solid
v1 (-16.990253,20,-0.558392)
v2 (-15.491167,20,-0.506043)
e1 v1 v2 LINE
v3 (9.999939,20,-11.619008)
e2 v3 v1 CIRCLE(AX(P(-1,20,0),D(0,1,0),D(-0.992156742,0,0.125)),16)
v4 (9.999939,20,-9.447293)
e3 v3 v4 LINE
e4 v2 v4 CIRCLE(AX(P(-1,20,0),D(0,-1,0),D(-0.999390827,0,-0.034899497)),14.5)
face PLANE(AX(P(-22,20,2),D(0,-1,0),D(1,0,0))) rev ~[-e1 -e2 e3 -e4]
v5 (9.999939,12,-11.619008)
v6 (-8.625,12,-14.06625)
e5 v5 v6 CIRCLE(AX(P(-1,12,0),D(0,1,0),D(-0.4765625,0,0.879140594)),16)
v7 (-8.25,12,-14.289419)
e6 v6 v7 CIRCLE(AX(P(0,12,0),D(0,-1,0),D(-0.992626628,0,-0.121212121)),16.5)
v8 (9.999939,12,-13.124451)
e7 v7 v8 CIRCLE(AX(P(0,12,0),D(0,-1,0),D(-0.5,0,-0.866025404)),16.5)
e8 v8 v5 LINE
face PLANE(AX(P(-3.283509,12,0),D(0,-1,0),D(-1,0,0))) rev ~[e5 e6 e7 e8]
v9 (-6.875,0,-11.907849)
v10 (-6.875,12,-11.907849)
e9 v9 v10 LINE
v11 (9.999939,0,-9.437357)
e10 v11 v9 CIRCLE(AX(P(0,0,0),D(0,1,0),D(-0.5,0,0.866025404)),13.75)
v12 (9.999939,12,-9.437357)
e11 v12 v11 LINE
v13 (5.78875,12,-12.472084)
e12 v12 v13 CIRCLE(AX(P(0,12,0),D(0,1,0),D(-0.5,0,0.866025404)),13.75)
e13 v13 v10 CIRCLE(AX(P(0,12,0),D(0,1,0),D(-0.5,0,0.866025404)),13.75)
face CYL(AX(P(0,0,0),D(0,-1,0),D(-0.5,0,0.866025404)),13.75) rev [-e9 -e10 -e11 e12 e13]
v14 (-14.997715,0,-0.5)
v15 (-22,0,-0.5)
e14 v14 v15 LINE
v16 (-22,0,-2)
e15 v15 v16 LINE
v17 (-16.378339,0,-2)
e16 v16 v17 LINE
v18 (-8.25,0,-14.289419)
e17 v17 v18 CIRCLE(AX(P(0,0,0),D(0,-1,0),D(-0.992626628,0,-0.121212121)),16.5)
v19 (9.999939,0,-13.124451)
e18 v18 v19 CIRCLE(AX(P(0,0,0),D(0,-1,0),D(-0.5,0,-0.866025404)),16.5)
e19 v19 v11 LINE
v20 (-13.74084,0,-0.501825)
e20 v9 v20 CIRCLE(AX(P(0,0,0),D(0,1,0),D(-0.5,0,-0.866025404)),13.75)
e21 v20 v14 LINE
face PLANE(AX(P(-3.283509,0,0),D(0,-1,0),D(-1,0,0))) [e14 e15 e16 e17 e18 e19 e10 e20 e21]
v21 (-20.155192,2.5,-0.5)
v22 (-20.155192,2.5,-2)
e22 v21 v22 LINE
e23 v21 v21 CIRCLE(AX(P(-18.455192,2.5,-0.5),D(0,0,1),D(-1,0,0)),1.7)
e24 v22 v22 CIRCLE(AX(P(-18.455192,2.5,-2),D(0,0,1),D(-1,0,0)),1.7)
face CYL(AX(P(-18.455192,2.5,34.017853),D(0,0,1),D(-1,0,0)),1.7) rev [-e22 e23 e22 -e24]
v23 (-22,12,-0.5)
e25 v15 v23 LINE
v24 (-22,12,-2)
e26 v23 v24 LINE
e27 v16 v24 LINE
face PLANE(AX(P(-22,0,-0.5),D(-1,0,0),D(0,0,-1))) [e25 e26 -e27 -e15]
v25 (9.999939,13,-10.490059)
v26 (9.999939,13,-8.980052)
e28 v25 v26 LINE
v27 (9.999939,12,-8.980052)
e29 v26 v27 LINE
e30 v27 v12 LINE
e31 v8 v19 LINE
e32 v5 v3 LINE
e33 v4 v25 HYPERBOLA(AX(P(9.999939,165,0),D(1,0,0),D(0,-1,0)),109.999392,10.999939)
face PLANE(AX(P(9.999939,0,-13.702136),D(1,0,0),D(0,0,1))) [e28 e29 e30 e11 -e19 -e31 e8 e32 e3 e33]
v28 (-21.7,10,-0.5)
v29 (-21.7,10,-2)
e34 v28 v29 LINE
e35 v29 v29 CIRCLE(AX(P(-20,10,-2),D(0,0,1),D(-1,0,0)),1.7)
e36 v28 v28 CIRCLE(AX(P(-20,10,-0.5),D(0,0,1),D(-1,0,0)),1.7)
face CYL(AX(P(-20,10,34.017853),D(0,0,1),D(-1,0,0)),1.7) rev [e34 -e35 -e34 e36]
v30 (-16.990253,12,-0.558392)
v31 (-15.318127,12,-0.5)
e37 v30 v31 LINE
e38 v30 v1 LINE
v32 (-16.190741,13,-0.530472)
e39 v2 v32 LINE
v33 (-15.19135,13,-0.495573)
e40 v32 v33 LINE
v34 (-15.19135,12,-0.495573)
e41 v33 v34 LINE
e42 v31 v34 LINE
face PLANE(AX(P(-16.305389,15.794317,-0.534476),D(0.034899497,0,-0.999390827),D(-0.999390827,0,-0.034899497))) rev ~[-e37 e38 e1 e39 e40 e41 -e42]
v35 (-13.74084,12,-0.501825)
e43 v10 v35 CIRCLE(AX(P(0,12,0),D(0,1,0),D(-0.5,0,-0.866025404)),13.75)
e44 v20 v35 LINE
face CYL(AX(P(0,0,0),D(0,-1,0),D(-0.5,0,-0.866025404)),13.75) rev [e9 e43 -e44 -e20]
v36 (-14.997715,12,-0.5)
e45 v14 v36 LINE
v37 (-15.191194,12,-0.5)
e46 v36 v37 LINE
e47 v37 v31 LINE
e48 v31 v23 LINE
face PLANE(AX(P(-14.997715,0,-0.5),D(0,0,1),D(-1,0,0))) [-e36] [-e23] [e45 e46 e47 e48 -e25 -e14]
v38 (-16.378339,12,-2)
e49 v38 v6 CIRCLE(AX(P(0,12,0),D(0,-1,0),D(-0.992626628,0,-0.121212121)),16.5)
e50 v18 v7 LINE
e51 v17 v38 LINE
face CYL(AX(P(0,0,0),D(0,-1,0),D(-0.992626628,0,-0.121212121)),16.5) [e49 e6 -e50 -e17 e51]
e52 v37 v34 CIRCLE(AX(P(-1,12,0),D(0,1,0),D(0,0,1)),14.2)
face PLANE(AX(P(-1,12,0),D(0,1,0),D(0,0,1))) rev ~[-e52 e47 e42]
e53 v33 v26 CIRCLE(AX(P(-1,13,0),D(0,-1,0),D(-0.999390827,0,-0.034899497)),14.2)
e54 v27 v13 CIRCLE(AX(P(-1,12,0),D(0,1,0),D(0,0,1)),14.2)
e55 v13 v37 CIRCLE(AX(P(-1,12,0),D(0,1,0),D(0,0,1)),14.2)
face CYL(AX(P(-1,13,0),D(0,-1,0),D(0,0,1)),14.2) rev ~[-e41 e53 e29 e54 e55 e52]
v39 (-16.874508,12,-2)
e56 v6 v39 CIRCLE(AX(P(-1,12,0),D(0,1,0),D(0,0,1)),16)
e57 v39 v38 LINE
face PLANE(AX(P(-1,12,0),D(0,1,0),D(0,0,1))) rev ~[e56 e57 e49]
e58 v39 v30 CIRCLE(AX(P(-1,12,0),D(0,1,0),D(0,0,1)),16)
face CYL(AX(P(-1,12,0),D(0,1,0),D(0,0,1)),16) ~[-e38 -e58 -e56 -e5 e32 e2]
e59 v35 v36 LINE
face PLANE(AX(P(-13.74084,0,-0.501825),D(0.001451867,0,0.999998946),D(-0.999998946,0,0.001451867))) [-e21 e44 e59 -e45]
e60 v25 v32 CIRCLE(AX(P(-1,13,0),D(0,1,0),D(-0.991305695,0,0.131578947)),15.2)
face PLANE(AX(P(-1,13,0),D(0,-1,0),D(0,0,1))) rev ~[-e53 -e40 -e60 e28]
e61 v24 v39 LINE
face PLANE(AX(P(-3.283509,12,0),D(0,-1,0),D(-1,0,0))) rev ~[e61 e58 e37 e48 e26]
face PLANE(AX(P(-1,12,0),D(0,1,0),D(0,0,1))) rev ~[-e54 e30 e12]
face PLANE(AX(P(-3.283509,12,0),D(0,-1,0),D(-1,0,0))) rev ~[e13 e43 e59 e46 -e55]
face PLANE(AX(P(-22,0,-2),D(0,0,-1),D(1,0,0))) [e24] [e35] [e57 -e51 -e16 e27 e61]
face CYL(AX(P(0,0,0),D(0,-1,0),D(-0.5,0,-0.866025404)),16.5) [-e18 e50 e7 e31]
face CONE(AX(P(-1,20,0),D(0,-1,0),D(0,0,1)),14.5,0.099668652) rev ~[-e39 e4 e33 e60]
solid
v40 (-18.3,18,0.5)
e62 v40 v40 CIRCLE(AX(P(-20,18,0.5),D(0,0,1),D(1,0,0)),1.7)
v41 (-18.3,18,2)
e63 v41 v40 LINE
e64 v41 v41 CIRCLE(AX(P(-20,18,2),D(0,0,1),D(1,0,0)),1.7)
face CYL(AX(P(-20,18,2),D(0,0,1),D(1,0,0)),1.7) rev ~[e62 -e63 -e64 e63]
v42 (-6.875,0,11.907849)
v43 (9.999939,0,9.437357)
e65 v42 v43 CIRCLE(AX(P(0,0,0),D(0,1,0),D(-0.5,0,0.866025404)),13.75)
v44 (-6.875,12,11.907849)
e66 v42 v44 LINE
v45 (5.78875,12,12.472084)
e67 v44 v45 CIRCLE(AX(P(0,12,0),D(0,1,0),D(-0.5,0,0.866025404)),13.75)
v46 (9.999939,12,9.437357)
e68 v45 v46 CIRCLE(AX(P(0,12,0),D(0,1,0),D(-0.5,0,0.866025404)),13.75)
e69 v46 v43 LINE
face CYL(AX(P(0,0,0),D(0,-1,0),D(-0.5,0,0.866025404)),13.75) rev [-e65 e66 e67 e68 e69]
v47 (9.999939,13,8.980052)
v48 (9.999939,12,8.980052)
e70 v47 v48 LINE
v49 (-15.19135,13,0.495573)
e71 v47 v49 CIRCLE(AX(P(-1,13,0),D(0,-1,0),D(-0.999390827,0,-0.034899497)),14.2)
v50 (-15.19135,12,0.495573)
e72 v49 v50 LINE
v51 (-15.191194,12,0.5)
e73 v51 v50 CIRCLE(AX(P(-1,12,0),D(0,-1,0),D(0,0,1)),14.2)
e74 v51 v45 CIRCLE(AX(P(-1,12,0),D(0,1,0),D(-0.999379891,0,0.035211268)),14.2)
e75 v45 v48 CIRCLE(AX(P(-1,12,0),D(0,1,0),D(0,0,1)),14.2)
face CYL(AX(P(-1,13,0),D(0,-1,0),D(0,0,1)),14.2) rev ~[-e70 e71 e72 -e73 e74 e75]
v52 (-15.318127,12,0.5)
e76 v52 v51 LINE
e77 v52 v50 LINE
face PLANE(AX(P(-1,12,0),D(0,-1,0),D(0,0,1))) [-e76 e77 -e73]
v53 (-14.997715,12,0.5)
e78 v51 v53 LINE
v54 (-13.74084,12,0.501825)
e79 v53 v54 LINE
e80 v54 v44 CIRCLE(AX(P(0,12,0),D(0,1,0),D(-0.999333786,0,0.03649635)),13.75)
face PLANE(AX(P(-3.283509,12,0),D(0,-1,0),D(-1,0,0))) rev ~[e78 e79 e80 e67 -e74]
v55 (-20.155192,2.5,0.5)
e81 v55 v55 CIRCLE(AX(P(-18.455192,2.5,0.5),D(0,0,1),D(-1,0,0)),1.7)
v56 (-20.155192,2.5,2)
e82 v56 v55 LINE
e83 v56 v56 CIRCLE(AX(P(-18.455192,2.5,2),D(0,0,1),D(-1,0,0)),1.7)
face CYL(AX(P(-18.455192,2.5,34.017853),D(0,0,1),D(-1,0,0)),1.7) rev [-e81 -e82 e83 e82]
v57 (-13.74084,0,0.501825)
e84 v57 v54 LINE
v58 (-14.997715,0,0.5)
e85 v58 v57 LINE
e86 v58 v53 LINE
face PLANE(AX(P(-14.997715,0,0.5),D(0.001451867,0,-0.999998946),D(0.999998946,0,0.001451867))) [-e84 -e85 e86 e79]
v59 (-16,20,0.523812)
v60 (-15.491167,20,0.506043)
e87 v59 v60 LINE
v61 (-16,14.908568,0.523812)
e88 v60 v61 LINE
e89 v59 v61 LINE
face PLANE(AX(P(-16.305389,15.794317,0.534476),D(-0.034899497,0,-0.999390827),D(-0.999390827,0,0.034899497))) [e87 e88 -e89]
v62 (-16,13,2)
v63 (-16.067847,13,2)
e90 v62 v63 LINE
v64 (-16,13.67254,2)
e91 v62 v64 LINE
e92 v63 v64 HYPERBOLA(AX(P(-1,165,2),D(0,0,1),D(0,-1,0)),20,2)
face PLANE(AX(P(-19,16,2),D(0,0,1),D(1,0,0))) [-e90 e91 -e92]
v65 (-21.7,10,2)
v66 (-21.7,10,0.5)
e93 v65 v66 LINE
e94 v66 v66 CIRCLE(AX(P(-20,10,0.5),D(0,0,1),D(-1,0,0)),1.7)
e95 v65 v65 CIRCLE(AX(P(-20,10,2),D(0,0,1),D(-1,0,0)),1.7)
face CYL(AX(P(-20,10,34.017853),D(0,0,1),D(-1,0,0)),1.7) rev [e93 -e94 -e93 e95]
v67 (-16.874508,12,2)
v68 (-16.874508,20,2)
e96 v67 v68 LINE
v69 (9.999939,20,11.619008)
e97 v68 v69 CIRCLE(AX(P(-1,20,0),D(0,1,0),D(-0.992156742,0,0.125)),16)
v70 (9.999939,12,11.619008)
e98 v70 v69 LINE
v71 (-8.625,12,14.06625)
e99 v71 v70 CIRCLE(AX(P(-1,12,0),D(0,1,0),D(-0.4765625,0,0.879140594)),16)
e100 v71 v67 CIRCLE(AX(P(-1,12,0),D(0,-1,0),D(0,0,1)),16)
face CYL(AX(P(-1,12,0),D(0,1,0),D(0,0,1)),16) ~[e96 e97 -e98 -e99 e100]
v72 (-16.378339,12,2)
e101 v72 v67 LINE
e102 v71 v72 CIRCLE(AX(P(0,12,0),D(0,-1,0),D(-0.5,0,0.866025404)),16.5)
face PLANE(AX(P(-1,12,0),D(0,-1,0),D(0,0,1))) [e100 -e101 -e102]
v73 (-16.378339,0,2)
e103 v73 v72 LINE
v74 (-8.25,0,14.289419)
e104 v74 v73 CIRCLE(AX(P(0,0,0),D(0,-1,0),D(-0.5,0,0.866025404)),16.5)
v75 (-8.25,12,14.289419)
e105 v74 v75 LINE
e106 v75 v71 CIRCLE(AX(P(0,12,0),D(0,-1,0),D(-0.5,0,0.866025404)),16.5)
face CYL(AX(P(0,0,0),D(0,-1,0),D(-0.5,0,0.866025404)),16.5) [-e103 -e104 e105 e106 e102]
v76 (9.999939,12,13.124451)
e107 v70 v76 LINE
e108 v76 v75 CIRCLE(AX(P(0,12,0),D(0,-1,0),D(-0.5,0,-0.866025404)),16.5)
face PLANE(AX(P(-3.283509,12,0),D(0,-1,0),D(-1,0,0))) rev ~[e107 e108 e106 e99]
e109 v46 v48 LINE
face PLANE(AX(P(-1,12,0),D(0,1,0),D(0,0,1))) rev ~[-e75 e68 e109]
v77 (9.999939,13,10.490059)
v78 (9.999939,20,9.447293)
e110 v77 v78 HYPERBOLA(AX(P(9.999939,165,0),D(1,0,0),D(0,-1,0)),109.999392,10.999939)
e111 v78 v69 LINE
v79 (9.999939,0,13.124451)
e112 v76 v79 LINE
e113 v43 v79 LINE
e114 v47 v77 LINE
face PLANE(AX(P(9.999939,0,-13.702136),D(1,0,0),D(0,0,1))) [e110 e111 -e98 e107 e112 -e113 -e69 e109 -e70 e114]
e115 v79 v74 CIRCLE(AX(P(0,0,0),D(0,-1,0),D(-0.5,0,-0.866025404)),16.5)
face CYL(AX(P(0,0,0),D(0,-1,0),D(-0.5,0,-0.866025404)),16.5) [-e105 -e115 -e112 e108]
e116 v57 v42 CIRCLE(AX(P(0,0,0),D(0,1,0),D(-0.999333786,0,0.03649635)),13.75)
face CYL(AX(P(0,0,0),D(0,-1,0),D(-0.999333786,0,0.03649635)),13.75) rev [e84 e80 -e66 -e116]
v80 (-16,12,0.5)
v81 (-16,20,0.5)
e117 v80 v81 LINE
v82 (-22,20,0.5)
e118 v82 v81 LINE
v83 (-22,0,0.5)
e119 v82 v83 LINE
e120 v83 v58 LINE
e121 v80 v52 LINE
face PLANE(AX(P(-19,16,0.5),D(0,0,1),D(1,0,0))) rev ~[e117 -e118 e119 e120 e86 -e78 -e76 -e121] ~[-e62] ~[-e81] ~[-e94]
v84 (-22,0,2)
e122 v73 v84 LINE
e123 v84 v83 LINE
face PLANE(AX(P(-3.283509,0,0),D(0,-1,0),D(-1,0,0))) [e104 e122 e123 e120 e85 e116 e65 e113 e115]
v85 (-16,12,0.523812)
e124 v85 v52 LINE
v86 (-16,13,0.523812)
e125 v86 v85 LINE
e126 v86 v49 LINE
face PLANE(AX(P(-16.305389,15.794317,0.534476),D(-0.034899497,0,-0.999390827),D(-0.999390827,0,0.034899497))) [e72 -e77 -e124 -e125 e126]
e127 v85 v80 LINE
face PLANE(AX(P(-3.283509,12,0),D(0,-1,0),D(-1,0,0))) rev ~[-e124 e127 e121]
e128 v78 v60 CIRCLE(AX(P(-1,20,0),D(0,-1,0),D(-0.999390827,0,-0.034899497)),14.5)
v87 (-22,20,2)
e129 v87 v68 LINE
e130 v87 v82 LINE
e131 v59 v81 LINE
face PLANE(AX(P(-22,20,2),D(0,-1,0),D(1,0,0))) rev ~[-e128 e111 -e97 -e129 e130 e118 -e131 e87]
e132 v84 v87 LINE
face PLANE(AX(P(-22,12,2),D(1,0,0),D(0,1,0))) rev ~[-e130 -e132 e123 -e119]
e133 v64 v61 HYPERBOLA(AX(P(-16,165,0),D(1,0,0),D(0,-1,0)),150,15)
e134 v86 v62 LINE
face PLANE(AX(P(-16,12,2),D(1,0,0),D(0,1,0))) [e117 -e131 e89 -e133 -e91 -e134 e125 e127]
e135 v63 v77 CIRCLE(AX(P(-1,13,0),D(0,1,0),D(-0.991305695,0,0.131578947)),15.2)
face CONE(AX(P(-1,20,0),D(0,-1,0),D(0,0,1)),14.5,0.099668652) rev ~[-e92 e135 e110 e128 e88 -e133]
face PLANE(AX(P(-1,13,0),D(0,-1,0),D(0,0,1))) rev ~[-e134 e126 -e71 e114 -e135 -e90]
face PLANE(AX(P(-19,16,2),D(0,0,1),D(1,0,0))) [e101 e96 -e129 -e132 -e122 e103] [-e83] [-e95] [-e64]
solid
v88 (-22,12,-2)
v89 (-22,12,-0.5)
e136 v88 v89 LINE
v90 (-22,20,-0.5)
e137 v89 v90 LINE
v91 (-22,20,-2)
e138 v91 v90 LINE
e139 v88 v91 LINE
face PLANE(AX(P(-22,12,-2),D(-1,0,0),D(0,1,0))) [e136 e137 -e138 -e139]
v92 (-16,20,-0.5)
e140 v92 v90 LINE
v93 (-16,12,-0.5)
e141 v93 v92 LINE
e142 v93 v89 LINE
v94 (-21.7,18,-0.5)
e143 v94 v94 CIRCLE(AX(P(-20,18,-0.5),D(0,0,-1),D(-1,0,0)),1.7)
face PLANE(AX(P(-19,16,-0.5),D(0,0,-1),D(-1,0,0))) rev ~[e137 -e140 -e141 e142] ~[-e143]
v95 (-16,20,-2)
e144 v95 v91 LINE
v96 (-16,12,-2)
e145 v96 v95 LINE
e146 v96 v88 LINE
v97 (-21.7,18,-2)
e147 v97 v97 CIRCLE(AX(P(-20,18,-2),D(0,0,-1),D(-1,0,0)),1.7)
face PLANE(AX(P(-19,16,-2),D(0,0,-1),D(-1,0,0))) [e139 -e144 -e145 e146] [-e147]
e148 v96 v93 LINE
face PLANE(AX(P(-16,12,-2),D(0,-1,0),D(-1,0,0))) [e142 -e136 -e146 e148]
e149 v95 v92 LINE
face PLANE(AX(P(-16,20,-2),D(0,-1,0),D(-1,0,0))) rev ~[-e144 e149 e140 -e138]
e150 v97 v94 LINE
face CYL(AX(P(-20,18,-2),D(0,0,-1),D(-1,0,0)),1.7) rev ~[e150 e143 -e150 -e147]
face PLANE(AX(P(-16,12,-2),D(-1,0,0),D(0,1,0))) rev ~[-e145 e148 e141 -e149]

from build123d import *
from build123d.topology import SkipClean

# Parameters (mm, degrees)
BOSS_EXTRUDE1_DEPTH      = 12
REVOLVE1_ANGLE           = 268
REVOLVE1_OTHER_WAY_ANGLE = 88
CUT_EXTRUDE1_DEPTH       = 36.01785259
CUT_EXTRUDE1_DEPTH_BACK  = 36.01785259
SKETCH4_R                = 1.7
SKETCH5_W                = 6
SKETCH5_H                = 8
SKETCH5_R                = 1.7
BOSS_EXTRUDE3_DEPTH      = 1.5
SKETCH6_W                = 6
SKETCH6_H                = 8
SKETCH6_R                = 1.7
BOSS_EXTRUDE6_DEPTH      = 1.5
SKETCH7_W                = 10.400805134
SKETCH7_H                = 29.241648581
CUT_EXTRUDE2_DEPTH       = 35.003676272


with BuildPart() as part:
    # Sketch1 → Boss-Extrude1 (new body)
    with BuildSketch(Plane(origin=(0, 0, 0), x_dir=(1, 0, 0), z_dir=(0, 1, 0))):
        with BuildLine():
            Line((-13.740839561, 0.501824818), (-14.997715427, 0.5))
            Line((-14.997715427, 0.5), (-22, 0.5))
            Line((-22, 0.5), (-22, 2))
            Line((-22, 2), (-16.378339354, 2))
            ThreePointArc((-16.378339354, 2), (-13.76213031, 9.10240459), (-8.25, 14.289419162))
            ThreePointArc((-8.25, 14.289419162), (16.5, 0), (-8.25, -14.289419162))
            ThreePointArc((-8.25, -14.289419162), (-13.76213031, -9.10240459), (-16.378339354, -2))
            Line((-16.378339354, -2), (-22, -2))
            Line((-22, -2), (-22, -0.5))
            Line((-22, -0.5), (-14.997715427, -0.5))
            Line((-14.997715427, -0.5), (-13.740839561, -0.501824818))
            ThreePointArc((-13.740839561, -0.501824818), (-11.780388739, -7.09118757), (-6.875, -11.907849302))
            ThreePointArc((-6.875, -11.907849302), (13.75, 0), (-6.875, 11.907849302))
            ThreePointArc((-6.875, 11.907849302), (-11.780388739, 7.09118757), (-13.740839561, 0.501824818))
        make_face()
    extrude(amount=BOSS_EXTRUDE1_DEPTH)

    # Sketch3 → Revolve1 (revolve)
    with BuildSketch(Plane(origin=(-1, 0, 0), x_dir=(0, 0, -1), z_dir=(1, 0, 0))):
        Polygon((-16, 12), (-16, 20), (-14.5, 20), (-15.2, 13), (-14.2, 13), (-14.2, 12), (-15, 12), align=None)
    revolve(axis=Axis((-1, 12, 0), (0, 1, 0)), revolution_arc=REVOLVE1_ANGLE)

    # Sketch3 → Revolve1 other way (revolve)
    with SkipClean():  # the faces are left unmerged after this step: merging them gives an invalid solid
        with BuildSketch(Plane(origin=(-1, 0, 0), x_dir=(0, 0, -1), z_dir=(1, 0, 0))):
            Polygon((-16, 12), (-16, 20), (-14.5, 20), (-15.2, 13), (-14.2, 13), (-14.2, 12), (-15, 12), align=None)
        revolve(axis=Axis((-1, 12, 0), (0, -1, 0)), revolution_arc=REVOLVE1_OTHER_WAY_ANGLE)

    # Sketch4 → Cut-Extrude1 (cut, two sides: drawn at the far end of the back side and taken through both)
    with SkipClean():  # the faces are left unmerged after this step: merging them gives an invalid solid
        with BuildSketch(Plane(origin=(0, 0, -2), x_dir=(-1, 0, 0), z_dir=(0, 0, -1)).offset(-CUT_EXTRUDE1_DEPTH_BACK)):
            with Locations((20, 10)):
                Circle(SKETCH4_R)
            with Locations((18.455192267, 2.5)):
                Circle(SKETCH4_R)
        extrude(amount=CUT_EXTRUDE1_DEPTH + CUT_EXTRUDE1_DEPTH_BACK, mode=Mode.SUBTRACT)

    # Sketch5 → Boss-Extrude3 (add)
    with BuildSketch(Plane.XY.offset(2)):
        with Locations((-19, 16)):
            Rectangle(SKETCH5_W, SKETCH5_H)
        with Locations((-20, 18)):
            Circle(SKETCH5_R, mode=Mode.SUBTRACT)
    extrude(amount=-BOSS_EXTRUDE3_DEPTH)

    # Sketch7 → Cut-Extrude2 (cut, through all)
    with BuildSketch(Plane.XZ):
        with Locations((15.2003418, 0.918688158)):
            Rectangle(SKETCH7_W, SKETCH7_H)
    extrude(amount=-CUT_EXTRUDE2_DEPTH, mode=Mode.SUBTRACT)


with BuildPart() as body_2:
    # Sketch6 → Boss-Extrude6 (new body)
    with BuildSketch(Plane(origin=(0, 0, -2), x_dir=(-1, 0, 0), z_dir=(0, 0, -1))):
        with Locations((19, 16)):
            Rectangle(SKETCH6_W, SKETCH6_H)
        with Locations((20, 18)):
            Circle(SKETCH6_R, mode=Mode.SUBTRACT)
    extrude(amount=-BOSS_EXTRUDE6_DEPTH)


with BuildPart() as cut_extrude2_piece_1:
    # of the separate pieces the step leaves, piece 1, a body of its own (cut_extrude2_pieces)
    add(part.part.solids().sort_by_distance((-16.378339354, 0, 2))[0])


with BuildPart() as cut_extrude2_piece_2:
    # of the separate pieces the step leaves, piece 2, a body of its own (cut_extrude2_pieces)
    add(part.part.solids().sort_by_distance((-16.990253232, 20, -0.558391947))[0])


solid = Compound([body_2.part, cut_extrude2_piece_1.part, cut_extrude2_piece_2.part])
